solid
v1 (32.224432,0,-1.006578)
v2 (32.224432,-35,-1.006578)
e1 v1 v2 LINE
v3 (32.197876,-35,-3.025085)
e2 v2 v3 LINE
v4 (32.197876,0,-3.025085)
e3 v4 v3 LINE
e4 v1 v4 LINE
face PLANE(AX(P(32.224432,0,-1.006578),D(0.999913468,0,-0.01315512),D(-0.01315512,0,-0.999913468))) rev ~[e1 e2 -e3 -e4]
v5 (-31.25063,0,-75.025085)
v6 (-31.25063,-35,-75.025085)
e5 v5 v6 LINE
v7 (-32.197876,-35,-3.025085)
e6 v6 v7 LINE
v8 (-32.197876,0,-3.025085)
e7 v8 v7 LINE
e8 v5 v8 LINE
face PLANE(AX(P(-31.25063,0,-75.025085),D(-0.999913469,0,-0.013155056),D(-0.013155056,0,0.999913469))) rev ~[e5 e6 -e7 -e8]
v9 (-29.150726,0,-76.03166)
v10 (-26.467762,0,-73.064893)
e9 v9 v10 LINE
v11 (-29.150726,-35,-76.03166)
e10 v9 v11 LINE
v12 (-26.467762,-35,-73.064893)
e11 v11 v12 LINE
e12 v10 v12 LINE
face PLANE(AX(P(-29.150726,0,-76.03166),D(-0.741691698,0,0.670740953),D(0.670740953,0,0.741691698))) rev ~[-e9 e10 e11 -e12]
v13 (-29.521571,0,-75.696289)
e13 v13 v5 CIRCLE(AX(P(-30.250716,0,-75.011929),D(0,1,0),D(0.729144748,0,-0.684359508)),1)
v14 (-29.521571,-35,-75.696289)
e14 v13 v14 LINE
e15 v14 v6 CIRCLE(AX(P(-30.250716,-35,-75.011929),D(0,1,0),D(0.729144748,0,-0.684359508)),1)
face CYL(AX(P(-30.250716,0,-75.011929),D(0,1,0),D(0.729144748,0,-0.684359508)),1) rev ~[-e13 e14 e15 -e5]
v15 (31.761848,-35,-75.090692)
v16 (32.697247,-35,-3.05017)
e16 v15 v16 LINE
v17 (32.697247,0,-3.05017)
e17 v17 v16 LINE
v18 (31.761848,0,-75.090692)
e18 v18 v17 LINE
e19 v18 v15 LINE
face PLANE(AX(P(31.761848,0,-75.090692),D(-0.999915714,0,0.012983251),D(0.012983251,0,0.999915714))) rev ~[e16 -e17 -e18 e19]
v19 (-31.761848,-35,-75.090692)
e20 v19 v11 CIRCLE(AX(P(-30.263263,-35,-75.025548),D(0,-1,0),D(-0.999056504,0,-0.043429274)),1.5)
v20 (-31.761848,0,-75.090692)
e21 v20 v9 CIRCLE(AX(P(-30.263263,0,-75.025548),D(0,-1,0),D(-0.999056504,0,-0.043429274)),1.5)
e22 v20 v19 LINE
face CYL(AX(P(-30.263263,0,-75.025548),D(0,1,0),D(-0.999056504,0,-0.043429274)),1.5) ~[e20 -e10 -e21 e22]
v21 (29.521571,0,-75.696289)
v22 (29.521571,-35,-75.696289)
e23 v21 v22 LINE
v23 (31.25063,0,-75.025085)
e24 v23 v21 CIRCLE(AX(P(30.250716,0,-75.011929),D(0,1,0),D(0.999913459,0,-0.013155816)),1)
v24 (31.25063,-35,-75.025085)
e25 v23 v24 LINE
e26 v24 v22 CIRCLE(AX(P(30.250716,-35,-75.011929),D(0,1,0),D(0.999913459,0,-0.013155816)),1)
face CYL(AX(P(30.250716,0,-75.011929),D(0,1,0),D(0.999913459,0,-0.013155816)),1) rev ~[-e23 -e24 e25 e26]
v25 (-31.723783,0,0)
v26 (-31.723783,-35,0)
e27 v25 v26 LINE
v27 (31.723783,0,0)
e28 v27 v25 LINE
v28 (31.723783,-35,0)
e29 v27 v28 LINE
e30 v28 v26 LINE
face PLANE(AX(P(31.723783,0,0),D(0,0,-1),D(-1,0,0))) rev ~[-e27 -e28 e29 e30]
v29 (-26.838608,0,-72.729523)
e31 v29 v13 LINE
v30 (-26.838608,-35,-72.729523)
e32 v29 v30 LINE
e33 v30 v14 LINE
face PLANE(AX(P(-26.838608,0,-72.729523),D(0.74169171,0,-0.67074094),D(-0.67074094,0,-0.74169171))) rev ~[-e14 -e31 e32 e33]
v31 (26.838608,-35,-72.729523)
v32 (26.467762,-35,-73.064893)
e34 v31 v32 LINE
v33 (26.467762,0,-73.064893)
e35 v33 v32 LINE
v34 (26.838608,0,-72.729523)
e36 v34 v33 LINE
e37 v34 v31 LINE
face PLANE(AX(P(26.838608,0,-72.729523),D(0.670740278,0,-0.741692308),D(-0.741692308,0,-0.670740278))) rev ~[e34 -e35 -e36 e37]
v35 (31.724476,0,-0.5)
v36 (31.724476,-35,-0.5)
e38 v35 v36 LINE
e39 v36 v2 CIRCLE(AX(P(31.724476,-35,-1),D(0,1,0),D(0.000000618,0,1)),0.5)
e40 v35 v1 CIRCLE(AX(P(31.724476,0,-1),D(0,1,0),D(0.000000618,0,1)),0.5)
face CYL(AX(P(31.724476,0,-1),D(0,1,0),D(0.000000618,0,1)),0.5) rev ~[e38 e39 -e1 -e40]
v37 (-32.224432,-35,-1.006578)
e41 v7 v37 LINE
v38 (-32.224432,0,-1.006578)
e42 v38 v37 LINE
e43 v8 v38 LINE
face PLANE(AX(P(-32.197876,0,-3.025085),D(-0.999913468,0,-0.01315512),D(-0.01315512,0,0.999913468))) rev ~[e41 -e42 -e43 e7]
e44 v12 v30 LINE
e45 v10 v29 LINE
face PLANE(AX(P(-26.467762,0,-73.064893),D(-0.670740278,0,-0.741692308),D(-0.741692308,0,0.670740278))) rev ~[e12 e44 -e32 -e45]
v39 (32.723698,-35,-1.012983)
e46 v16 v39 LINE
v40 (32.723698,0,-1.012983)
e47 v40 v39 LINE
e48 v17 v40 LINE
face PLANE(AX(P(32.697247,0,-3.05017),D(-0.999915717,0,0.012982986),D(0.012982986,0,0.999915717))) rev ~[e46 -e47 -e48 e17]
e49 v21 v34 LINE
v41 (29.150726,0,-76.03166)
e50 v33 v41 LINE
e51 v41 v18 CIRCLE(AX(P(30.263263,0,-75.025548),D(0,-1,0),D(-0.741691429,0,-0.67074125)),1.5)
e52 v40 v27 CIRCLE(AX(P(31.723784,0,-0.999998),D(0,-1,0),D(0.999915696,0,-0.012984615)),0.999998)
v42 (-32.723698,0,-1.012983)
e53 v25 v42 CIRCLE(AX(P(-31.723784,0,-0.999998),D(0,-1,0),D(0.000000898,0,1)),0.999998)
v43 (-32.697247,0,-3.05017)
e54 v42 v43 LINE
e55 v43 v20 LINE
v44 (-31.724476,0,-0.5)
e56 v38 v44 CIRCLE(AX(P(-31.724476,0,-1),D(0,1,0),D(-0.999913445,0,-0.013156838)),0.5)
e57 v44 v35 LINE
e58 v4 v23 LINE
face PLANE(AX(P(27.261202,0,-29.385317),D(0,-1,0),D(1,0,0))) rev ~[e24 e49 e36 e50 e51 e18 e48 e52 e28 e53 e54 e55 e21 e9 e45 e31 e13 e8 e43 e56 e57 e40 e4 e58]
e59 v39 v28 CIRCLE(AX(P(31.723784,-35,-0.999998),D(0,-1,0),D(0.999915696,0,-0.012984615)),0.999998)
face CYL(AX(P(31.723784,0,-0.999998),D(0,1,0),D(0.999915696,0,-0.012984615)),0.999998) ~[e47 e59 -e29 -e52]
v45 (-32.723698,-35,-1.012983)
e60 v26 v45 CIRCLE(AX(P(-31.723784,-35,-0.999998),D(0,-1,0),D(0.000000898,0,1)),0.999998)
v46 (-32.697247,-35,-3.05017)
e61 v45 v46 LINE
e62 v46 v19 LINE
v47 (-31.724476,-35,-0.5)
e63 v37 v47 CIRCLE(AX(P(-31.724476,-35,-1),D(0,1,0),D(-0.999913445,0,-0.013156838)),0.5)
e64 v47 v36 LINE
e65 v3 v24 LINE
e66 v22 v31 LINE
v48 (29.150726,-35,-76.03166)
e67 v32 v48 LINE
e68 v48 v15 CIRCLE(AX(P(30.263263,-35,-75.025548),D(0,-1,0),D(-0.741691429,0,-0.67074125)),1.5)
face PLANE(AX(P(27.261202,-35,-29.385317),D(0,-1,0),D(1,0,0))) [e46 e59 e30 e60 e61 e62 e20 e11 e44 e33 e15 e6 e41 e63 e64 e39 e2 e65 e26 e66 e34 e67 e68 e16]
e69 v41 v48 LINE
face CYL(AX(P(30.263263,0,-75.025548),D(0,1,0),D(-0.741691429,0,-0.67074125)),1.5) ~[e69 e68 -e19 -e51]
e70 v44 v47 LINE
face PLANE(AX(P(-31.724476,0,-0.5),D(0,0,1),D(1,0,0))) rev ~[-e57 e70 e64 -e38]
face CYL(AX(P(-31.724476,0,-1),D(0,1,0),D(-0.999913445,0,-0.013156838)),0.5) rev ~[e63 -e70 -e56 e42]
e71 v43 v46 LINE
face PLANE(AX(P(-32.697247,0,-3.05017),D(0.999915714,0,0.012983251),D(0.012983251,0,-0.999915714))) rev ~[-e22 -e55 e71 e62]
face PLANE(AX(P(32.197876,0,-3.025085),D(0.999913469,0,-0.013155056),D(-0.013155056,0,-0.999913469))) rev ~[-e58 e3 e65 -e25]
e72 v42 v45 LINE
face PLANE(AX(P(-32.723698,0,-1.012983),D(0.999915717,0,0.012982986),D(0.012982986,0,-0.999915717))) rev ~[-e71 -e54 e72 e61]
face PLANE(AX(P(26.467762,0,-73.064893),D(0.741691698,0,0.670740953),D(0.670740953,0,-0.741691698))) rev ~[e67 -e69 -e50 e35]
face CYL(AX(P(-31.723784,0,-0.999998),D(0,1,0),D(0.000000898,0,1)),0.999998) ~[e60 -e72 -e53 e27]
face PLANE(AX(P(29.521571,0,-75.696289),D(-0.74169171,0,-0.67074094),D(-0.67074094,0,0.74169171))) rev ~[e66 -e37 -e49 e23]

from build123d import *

# Parameters (mm, degrees)
F1_DEPTH = 35


with BuildPart() as f1:
    # F0 (on Front) → F1 (new body)
    with BuildSketch(Plane.XZ):
        with BuildLine():
            Line((12.085786, 0), (0, 0))
            Line((0, 0), (0, -0.5))
            Line((0, -0.5), (12.085786, -0.5))
            Line((12.085786, -0.5), (31.724476, -0.5))
            ThreePointArc((31.724476, -0.5), (32.080347, -0.64878), (32.224432, -1.006578))
            Line((32.224432, -1.006578), (32.197876, -3.025085))
            Line((32.197876, -3.025085), (31.25063, -75.025085))
            ThreePointArc((31.25063, -75.025085), (30.612597, -75.944154), (29.521571, -75.696289))
            Line((29.521571, -75.696289), (26.838608, -72.729523))
            Line((26.838608, -72.729523), (26.467762, -73.064893))
            Line((26.467762, -73.064893), (29.150726, -76.03166))
            ThreePointArc((29.150726, -76.03166), (30.771804, -76.436713), (31.761848, -75.090692))
            Line((31.761848, -75.090692), (32.697247, -3.05017))
            Line((32.697247, -3.05017), (32.723698, -1.012983))
            ThreePointArc((32.723698, -1.012983), (32.435465, -0.297498), (31.723783, 0))
            Line((31.723783, 0), (12.085786, 0))
        make_face()
        with BuildLine():
            Line((0, -0.5), (0, 0))
            Line((0, 0), (-12.085786, 0))
            Line((-12.085786, 0), (-31.723783, 0))
            ThreePointArc((-31.723783, 0), (-32.435465, -0.297498), (-32.723698, -1.012983))
            Line((-32.723698, -1.012983), (-32.697247, -3.05017))
            Line((-32.697247, -3.05017), (-31.761848, -75.090692))
            ThreePointArc((-31.761848, -75.090692), (-30.771804, -76.436713), (-29.150726, -76.03166))
            Line((-29.150726, -76.03166), (-26.467762, -73.064893))
            Line((-26.467762, -73.064893), (-26.838608, -72.729523))
            Line((-26.838608, -72.729523), (-29.521571, -75.696289))
            ThreePointArc((-29.521571, -75.696289), (-30.612597, -75.944154), (-31.25063, -75.025085))
            Line((-31.25063, -75.025085), (-32.197876, -3.025085))
            Line((-32.197876, -3.025085), (-32.224432, -1.006578))
            ThreePointArc((-32.224432, -1.006578), (-32.080347, -0.64878), (-31.724476, -0.5))
            Line((-31.724476, -0.5), (-12.085786, -0.5))
            Line((-12.085786, -0.5), (0, -0.5))
        make_face()
    extrude(amount=F1_DEPTH)


solid = f1.part
